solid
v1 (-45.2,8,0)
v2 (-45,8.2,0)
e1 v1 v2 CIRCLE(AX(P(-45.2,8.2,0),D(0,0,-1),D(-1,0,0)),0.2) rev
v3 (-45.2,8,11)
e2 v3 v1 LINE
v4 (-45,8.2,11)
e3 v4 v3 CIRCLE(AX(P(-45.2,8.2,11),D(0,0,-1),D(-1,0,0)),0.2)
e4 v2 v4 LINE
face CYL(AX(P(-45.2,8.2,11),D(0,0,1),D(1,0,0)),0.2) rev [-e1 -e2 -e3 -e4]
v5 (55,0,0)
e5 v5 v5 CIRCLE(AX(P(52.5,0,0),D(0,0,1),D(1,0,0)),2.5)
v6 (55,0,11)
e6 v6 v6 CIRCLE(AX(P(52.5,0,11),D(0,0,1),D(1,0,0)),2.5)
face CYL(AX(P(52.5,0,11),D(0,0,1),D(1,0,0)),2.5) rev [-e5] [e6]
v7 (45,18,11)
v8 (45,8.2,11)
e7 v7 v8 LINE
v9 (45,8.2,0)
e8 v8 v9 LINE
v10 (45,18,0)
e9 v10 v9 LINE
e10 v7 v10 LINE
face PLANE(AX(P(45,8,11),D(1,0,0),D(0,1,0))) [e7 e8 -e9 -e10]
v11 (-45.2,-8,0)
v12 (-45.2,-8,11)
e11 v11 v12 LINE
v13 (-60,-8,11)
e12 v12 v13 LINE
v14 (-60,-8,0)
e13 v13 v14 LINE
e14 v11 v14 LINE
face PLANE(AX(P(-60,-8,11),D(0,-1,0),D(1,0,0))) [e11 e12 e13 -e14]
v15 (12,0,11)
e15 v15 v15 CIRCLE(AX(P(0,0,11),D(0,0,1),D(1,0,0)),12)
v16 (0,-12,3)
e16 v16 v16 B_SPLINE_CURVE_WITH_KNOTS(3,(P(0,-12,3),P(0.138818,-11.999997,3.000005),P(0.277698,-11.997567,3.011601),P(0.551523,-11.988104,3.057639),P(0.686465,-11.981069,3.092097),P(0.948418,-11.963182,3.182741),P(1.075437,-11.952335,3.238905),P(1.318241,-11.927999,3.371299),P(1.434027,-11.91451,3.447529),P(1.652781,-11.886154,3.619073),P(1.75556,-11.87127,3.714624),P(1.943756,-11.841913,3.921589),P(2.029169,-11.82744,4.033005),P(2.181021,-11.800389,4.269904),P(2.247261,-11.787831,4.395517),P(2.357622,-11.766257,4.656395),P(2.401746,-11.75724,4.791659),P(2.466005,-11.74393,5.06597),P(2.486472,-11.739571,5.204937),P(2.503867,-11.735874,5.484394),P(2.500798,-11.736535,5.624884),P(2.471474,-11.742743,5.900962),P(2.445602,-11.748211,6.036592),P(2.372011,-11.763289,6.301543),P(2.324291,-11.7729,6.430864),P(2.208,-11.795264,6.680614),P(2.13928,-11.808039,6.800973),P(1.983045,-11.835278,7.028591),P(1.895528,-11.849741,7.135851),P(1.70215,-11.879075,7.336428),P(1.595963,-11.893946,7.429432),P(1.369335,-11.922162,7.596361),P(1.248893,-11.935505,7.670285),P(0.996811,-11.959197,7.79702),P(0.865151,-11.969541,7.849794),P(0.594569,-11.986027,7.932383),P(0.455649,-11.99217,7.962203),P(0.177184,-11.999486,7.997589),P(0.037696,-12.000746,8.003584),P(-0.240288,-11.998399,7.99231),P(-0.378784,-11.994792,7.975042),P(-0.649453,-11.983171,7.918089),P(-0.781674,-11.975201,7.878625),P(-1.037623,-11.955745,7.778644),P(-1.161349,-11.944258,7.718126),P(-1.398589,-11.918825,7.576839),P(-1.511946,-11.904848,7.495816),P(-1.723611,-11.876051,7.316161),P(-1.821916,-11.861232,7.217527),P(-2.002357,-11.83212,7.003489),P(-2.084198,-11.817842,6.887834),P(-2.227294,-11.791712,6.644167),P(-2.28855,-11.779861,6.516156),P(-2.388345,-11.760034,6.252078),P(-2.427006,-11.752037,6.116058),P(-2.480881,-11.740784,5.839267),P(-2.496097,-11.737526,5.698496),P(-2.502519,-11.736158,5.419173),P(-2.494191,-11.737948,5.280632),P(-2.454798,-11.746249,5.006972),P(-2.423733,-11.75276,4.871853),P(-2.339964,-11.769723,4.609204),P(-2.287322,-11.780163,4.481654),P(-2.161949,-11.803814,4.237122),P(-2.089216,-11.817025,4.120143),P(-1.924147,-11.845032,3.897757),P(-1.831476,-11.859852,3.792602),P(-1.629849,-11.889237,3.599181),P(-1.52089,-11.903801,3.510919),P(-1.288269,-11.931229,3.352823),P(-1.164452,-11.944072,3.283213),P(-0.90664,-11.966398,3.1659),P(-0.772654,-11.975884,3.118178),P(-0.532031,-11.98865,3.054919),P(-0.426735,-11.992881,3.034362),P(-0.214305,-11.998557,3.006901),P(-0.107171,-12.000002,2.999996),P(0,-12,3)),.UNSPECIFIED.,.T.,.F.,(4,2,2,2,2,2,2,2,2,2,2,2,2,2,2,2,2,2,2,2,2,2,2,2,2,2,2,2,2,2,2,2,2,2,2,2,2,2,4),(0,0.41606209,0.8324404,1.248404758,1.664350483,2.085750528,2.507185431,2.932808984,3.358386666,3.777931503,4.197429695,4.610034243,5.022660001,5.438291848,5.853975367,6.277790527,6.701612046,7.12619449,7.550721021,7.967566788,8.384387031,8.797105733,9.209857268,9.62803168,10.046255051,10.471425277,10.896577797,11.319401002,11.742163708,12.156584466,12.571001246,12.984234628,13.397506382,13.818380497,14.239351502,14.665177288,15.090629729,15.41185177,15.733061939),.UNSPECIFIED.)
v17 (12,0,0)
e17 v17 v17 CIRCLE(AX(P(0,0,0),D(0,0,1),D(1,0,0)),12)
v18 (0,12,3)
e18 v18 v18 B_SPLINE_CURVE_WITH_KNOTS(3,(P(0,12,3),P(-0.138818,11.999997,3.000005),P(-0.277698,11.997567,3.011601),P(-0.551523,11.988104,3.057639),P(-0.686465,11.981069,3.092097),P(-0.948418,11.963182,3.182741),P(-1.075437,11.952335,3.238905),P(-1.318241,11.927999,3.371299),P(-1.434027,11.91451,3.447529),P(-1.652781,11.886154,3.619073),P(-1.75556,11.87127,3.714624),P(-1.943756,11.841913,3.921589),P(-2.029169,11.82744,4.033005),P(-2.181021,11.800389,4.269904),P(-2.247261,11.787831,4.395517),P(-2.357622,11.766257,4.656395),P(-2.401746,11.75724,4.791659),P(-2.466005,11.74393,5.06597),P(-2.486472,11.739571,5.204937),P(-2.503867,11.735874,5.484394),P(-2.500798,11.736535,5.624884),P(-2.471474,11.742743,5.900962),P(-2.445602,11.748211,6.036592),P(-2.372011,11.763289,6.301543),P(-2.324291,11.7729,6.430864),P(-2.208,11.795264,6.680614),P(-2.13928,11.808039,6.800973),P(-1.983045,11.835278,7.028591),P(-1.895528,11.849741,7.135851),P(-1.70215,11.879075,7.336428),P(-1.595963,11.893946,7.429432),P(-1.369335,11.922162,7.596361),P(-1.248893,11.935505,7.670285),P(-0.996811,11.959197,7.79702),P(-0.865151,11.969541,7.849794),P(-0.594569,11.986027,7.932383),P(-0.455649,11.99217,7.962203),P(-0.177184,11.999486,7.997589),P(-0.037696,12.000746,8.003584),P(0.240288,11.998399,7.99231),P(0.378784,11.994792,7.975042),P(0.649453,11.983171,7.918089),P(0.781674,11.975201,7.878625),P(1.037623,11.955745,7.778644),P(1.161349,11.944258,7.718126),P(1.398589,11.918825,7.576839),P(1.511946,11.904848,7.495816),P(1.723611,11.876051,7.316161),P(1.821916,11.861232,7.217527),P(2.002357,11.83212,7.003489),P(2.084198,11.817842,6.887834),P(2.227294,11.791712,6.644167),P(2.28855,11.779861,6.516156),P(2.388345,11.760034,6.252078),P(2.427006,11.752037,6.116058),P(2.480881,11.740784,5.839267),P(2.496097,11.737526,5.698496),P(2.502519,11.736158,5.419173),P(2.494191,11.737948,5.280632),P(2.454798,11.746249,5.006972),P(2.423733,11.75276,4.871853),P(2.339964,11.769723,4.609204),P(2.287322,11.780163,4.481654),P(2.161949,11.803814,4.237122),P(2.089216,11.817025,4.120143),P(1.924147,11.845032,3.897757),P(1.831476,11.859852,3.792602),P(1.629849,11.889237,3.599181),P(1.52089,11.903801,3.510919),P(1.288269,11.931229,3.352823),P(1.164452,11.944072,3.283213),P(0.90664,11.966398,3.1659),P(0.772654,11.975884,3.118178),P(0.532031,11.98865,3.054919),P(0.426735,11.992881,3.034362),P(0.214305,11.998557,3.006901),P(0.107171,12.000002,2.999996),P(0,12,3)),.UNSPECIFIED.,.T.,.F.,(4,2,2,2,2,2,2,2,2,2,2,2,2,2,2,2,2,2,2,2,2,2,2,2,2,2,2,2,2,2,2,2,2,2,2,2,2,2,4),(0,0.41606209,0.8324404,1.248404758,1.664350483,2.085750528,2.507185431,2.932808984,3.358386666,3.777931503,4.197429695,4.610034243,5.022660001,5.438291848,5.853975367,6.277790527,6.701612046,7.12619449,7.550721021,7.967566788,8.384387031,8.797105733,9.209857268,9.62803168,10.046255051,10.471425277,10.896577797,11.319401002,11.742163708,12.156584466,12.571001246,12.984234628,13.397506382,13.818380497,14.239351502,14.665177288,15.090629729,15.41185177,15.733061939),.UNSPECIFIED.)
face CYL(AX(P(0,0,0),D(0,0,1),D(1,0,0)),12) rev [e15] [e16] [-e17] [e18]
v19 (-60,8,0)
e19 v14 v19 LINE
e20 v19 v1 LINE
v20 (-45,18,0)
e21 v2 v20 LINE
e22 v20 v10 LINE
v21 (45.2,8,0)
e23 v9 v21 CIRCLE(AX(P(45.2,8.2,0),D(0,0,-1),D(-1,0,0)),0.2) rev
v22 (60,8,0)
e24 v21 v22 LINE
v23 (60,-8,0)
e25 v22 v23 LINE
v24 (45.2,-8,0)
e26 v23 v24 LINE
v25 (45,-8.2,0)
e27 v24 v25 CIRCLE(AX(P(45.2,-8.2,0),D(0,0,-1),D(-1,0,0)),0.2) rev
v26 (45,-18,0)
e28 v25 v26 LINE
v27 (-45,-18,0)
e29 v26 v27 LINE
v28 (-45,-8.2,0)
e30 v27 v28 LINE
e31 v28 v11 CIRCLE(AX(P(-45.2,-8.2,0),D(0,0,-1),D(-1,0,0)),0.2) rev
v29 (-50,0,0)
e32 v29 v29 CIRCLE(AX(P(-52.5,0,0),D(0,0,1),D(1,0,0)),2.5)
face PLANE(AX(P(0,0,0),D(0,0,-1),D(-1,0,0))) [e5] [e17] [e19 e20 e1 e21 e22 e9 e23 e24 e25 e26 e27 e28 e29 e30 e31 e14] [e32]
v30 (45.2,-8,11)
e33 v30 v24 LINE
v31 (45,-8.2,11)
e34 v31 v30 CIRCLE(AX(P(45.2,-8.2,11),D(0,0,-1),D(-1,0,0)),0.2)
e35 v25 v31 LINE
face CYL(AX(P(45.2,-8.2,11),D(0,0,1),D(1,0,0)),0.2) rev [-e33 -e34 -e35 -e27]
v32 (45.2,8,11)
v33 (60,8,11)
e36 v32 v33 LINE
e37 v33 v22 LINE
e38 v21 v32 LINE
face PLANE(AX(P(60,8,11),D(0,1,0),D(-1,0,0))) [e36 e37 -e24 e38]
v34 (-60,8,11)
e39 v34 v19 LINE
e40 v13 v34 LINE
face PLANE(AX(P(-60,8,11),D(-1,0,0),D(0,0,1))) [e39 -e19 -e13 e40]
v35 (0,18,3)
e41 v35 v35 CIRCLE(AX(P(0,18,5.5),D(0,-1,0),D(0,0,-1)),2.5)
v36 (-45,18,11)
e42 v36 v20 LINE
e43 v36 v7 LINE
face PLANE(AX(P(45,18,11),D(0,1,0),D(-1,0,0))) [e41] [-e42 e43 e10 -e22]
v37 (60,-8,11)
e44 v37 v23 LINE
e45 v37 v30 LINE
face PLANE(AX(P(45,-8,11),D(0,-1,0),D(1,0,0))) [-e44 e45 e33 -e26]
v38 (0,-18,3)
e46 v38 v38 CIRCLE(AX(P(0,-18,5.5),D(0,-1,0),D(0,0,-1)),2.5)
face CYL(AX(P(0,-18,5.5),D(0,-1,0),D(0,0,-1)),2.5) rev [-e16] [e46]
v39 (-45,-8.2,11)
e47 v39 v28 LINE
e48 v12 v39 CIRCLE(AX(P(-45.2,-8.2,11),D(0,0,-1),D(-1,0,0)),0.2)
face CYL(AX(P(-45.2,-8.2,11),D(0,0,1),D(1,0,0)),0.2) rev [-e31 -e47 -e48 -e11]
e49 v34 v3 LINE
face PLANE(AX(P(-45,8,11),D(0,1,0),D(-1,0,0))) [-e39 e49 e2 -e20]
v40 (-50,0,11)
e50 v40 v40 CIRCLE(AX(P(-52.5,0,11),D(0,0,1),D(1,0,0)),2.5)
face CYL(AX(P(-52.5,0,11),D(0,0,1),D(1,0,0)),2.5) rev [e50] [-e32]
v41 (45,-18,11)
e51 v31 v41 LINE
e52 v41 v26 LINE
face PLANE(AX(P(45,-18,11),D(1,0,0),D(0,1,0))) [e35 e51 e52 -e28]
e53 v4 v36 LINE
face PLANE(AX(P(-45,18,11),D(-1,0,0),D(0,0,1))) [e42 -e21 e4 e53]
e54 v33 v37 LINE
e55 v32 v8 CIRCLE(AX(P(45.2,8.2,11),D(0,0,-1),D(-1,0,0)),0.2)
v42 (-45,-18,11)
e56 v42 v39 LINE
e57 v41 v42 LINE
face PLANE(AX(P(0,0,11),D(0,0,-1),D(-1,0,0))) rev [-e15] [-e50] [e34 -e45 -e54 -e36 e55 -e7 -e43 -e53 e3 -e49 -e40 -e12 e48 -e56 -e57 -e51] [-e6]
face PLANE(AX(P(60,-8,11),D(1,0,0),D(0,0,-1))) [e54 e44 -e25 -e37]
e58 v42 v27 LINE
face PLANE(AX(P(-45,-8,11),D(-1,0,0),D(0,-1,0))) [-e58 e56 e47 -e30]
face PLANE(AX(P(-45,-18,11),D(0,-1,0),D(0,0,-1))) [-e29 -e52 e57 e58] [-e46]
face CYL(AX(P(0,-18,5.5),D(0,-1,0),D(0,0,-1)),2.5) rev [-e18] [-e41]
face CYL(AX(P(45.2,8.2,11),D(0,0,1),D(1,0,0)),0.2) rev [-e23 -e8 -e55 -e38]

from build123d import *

# Parameters (mm, degrees)
ESTRUSIONE_ESTRUSIONE1_DEPTH = 11
SCHIZZO4_R                   = 12
TAGLIO_ESTRUSIONE1_DEPTH     = 64.600314465
FORO_5_0_5_1_D               = 5
FORO_5_0_5_2_D               = 5
RACCORDO1_R                  = 0.2


with BuildPart() as part:
    # Schizzo2 → Estrusione-Estrusione1 (new body)
    with BuildSketch(Plane(origin=(0, 0, 0), x_dir=(1, 0, 0), z_dir=(0, 0, -1))):
        Polygon((-60, -8), (-60, 8), (-45, 8), (-45, 18), (45, 18), (45, 8), (60, 8), (60, -8), (45, -8), (45, -18), (-45, -18), (-45, -8), align=None)
    extrude(amount=-ESTRUSIONE_ESTRUSIONE1_DEPTH)

    # Schizzo4 → Taglio-Estrusione1 (cut, through all)
    with BuildSketch(Plane.XY.offset(11)):
        Circle(SCHIZZO4_R)
    extrude(amount=-TAGLIO_ESTRUSIONE1_DEPTH, mode=Mode.SUBTRACT)

    # Foro Ø5.0 (5)-1 (through all)
    with Locations(Plane(origin=(0, -18, 0), x_dir=(-1, 0, 0), z_dir=(0, -1, 0))):
        with Locations((0, -5.5)):
            Hole(FORO_5_0_5_1_D / 2)

    # Foro Ø5.0 (5)-2 (through all)
    with Locations(Plane.XY.offset(11)):
        with Locations((-52.5, 0), (52.5, 0)):
            Hole(FORO_5_0_5_2_D / 2)

    # Raccordo1
    raccordo1_edges = [part.edges().sort_by_distance(p)[0] for p in [
        (45, -8, 5.5),
        (45, 8, 5.5),
        (-45, 8, 5.5),
        (-45, -8, 5.5),
    ]]
    fillet(raccordo1_edges, radius=RACCORDO1_R)


solid = part.part
